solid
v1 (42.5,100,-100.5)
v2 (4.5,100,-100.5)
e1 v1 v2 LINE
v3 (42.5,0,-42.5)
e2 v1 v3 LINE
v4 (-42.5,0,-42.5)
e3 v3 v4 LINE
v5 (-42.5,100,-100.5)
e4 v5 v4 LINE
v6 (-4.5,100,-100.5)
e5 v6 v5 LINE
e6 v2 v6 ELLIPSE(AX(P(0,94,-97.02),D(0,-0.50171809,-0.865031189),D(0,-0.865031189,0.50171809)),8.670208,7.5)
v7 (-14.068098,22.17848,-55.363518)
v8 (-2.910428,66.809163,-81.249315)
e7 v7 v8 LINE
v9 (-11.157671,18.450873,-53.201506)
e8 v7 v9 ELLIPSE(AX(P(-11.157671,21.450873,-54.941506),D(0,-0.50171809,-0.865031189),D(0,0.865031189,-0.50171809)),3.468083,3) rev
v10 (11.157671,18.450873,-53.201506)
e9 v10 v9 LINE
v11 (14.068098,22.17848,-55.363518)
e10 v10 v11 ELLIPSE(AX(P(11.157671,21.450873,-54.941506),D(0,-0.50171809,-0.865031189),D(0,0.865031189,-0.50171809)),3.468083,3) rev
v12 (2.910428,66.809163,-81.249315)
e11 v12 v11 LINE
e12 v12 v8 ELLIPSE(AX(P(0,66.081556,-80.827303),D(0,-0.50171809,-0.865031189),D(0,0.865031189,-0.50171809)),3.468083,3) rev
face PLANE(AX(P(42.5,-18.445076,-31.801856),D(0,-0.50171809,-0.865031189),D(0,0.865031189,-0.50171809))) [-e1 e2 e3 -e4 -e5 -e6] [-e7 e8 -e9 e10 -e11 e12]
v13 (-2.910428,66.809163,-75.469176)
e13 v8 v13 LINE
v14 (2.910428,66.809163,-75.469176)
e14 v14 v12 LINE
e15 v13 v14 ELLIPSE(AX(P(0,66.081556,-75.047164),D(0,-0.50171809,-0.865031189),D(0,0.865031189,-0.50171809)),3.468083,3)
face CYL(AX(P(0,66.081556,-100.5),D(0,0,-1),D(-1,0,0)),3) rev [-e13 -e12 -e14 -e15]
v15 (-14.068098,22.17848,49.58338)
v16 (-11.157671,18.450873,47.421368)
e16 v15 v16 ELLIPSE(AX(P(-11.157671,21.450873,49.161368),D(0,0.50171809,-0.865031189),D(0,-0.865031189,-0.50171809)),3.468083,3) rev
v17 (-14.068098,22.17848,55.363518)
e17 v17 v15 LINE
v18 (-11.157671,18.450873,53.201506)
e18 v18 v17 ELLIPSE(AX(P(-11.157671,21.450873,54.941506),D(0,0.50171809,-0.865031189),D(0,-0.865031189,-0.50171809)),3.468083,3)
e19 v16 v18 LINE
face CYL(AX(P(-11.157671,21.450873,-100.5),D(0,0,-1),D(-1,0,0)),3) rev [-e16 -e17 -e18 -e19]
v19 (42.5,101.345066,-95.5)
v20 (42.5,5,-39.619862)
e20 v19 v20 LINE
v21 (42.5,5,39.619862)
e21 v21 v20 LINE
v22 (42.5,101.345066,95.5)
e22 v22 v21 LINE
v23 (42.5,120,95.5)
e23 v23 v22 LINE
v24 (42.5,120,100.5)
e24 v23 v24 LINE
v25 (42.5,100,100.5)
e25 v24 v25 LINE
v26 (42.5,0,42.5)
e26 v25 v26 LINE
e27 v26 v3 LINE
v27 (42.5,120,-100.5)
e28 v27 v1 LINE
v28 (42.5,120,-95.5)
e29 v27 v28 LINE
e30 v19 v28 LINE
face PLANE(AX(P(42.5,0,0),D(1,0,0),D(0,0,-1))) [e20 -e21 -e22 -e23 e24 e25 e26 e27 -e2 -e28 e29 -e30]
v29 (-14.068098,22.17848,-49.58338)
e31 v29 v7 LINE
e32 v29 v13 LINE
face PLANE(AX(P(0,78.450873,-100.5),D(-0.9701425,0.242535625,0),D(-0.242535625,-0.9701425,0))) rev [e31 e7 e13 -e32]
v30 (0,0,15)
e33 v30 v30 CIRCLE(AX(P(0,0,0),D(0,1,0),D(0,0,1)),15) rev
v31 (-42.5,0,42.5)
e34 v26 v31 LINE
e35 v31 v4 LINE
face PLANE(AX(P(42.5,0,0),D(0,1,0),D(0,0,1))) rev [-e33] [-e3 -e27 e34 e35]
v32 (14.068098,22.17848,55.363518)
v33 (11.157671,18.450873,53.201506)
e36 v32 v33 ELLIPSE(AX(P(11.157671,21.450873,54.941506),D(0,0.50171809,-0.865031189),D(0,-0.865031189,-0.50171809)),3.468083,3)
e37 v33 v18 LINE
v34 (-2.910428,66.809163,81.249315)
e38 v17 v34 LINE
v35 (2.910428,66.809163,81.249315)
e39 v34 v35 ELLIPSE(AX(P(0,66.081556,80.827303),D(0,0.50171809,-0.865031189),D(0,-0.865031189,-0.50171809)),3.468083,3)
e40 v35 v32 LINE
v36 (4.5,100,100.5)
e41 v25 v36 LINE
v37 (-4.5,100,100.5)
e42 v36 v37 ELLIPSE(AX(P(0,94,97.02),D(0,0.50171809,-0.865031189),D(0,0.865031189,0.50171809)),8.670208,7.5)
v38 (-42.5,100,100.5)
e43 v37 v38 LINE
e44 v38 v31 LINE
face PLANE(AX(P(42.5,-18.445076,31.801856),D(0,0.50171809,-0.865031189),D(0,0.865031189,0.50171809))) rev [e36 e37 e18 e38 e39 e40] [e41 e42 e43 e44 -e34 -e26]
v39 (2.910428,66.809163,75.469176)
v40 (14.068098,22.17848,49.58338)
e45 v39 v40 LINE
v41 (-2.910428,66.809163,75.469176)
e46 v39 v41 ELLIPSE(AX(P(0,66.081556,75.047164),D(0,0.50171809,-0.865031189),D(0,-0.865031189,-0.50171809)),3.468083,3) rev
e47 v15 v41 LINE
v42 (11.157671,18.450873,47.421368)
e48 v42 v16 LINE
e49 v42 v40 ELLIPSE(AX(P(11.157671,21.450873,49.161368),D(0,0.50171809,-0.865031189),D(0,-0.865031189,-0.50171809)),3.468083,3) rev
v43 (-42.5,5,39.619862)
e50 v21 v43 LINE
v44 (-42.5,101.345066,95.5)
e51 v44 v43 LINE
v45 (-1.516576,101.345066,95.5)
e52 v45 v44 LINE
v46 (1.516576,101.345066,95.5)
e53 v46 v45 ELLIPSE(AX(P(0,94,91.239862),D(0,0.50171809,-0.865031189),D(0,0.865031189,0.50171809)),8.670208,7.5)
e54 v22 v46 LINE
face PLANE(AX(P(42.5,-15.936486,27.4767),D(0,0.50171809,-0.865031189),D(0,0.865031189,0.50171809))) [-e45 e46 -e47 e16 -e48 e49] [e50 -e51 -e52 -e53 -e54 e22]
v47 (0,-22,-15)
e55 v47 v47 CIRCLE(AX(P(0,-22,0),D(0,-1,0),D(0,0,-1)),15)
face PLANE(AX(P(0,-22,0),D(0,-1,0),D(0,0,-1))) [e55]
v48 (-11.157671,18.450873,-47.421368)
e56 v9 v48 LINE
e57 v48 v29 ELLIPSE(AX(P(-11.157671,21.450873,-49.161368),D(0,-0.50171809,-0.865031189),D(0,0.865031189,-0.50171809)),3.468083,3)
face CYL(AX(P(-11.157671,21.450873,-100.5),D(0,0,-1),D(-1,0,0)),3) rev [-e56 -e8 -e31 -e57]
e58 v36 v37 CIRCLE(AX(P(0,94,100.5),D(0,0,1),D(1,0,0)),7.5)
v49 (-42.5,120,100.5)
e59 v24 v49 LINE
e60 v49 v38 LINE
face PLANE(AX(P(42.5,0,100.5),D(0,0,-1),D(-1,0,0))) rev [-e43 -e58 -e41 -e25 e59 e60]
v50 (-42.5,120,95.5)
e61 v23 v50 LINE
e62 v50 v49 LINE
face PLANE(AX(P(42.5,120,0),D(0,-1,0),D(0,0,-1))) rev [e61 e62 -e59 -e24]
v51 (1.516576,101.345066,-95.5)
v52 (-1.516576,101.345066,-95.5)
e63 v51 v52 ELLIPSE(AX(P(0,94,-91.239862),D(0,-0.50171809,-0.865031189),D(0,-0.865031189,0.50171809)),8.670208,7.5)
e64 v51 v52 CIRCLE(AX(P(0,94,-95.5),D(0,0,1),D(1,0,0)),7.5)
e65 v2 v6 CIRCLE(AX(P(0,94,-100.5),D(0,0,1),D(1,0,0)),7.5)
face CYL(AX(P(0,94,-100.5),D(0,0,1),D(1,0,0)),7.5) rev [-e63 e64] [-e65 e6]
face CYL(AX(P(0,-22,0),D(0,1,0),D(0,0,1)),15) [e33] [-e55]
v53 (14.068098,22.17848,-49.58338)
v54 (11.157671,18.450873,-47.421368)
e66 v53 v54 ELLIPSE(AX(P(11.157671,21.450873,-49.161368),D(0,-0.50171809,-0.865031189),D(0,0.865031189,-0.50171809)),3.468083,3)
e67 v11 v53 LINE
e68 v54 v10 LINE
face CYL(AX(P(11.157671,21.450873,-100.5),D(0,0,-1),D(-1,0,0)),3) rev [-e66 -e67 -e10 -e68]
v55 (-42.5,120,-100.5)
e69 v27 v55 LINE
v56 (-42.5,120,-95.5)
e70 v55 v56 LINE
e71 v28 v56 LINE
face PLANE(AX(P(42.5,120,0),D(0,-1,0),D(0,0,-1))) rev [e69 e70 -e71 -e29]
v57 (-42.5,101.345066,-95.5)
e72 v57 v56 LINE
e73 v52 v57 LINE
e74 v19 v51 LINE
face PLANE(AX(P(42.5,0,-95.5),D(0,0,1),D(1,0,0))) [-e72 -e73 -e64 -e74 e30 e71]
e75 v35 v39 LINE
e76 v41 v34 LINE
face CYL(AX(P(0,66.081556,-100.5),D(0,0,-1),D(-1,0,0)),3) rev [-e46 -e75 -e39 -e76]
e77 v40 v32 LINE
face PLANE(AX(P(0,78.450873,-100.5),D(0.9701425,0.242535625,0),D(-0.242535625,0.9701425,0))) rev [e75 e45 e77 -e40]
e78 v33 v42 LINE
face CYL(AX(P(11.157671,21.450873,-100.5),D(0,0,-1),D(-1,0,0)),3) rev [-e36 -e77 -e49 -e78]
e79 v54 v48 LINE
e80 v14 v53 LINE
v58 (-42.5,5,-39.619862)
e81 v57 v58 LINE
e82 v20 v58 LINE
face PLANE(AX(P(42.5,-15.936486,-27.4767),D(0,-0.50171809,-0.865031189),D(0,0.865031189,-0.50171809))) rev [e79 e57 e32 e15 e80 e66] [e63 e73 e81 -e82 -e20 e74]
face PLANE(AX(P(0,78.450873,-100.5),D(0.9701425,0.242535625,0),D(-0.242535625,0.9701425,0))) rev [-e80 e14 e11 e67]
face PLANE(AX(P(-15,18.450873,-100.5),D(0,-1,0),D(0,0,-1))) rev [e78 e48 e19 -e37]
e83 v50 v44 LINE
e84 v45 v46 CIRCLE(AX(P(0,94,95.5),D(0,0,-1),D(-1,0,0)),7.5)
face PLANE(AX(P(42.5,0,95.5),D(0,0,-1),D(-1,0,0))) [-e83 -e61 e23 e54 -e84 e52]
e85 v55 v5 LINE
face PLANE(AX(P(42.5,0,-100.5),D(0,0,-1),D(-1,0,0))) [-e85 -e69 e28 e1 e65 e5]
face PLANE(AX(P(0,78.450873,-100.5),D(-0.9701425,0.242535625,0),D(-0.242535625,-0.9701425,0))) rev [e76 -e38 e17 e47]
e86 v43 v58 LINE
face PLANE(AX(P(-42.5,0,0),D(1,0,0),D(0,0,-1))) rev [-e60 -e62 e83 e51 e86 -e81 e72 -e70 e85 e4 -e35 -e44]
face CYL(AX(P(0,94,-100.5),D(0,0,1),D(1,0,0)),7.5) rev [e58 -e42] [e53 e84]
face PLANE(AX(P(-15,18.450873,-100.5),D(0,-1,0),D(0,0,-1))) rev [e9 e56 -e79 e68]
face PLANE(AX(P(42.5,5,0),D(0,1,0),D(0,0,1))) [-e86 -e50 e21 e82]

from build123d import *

# Parameters (mm, degrees)
EXTRUDE_1_DEPTH          = 42.5
SKETCH_3_R               = 15
EXTRUDE_2_DEPTH          = 22
CUT_EXTRUDE_1_DEPTH      = 101.5
CUT_EXTRUDE_1_DEPTH_BACK = 101.5
FILLET_1_R               = 3
SKETCH_5_R               = 7.5
CUT_EXTRUDE_2_DEPTH      = 202


with BuildPart() as part:
    # 草图1 → 凸台-拉伸1 (new body, symmetric)
    with BuildSketch(Plane(origin=(0, 0, 0), x_dir=(0, 0, -1), z_dir=(1, 0, 0))):
        Polygon((-100.5, 100), (-42.5, 0), (42.5, 0), (100.5, 100), (100.5, 120), (95.5, 120), (95.5, 115), (95.5, 101.345066218), (39.619861593, 5), (-39.619861593, 5), (-95.5, 101.345066218), (-95.5, 115), (-95.5, 120), (-100.5, 120), align=None)
    extrude(amount=EXTRUDE_1_DEPTH, both=True)

    # 草图3 → 凸台-拉伸2 (add)
    with BuildSketch(Plane.XZ):
        Circle(SKETCH_3_R)
    extrude(amount=EXTRUDE_2_DEPTH)

    # 草图4 → 切除-拉伸1 (cut, two sides)
    with BuildSketch(Plane.XY) as cut_extrude_1_sk:
        Polygon((0, 78.450873214), (-15, 18.450873214), (15, 18.450873214), align=None)
    extrude(amount=CUT_EXTRUDE_1_DEPTH, mode=Mode.SUBTRACT)
    extrude(cut_extrude_1_sk.sketch, amount=-CUT_EXTRUDE_1_DEPTH_BACK, mode=Mode.SUBTRACT)

    # 圆角1
    fillet_1_edges = [part.edges().sort_by_distance(p)[0] for p in [
        (0, 78.450873214, -85.111437261),
        (0, 78.450873214, 85.111437261),
        (15, 18.450873214, -50.311437261),
        (15, 18.450873214, 50.311437261),
        (-15, 18.450873214, -50.311437261),
        (-15, 18.450873214, 50.311437261),
    ]]
    fillet(fillet_1_edges, radius=FILLET_1_R)

    # 草图5 → 切除-拉伸2 (cut, through all)
    with BuildSketch(Plane.XY.offset(100.5)):
        with Locations((0, 94)):
            Circle(SKETCH_5_R)
    extrude(amount=-CUT_EXTRUDE_2_DEPTH, mode=Mode.SUBTRACT)


solid = part.part
